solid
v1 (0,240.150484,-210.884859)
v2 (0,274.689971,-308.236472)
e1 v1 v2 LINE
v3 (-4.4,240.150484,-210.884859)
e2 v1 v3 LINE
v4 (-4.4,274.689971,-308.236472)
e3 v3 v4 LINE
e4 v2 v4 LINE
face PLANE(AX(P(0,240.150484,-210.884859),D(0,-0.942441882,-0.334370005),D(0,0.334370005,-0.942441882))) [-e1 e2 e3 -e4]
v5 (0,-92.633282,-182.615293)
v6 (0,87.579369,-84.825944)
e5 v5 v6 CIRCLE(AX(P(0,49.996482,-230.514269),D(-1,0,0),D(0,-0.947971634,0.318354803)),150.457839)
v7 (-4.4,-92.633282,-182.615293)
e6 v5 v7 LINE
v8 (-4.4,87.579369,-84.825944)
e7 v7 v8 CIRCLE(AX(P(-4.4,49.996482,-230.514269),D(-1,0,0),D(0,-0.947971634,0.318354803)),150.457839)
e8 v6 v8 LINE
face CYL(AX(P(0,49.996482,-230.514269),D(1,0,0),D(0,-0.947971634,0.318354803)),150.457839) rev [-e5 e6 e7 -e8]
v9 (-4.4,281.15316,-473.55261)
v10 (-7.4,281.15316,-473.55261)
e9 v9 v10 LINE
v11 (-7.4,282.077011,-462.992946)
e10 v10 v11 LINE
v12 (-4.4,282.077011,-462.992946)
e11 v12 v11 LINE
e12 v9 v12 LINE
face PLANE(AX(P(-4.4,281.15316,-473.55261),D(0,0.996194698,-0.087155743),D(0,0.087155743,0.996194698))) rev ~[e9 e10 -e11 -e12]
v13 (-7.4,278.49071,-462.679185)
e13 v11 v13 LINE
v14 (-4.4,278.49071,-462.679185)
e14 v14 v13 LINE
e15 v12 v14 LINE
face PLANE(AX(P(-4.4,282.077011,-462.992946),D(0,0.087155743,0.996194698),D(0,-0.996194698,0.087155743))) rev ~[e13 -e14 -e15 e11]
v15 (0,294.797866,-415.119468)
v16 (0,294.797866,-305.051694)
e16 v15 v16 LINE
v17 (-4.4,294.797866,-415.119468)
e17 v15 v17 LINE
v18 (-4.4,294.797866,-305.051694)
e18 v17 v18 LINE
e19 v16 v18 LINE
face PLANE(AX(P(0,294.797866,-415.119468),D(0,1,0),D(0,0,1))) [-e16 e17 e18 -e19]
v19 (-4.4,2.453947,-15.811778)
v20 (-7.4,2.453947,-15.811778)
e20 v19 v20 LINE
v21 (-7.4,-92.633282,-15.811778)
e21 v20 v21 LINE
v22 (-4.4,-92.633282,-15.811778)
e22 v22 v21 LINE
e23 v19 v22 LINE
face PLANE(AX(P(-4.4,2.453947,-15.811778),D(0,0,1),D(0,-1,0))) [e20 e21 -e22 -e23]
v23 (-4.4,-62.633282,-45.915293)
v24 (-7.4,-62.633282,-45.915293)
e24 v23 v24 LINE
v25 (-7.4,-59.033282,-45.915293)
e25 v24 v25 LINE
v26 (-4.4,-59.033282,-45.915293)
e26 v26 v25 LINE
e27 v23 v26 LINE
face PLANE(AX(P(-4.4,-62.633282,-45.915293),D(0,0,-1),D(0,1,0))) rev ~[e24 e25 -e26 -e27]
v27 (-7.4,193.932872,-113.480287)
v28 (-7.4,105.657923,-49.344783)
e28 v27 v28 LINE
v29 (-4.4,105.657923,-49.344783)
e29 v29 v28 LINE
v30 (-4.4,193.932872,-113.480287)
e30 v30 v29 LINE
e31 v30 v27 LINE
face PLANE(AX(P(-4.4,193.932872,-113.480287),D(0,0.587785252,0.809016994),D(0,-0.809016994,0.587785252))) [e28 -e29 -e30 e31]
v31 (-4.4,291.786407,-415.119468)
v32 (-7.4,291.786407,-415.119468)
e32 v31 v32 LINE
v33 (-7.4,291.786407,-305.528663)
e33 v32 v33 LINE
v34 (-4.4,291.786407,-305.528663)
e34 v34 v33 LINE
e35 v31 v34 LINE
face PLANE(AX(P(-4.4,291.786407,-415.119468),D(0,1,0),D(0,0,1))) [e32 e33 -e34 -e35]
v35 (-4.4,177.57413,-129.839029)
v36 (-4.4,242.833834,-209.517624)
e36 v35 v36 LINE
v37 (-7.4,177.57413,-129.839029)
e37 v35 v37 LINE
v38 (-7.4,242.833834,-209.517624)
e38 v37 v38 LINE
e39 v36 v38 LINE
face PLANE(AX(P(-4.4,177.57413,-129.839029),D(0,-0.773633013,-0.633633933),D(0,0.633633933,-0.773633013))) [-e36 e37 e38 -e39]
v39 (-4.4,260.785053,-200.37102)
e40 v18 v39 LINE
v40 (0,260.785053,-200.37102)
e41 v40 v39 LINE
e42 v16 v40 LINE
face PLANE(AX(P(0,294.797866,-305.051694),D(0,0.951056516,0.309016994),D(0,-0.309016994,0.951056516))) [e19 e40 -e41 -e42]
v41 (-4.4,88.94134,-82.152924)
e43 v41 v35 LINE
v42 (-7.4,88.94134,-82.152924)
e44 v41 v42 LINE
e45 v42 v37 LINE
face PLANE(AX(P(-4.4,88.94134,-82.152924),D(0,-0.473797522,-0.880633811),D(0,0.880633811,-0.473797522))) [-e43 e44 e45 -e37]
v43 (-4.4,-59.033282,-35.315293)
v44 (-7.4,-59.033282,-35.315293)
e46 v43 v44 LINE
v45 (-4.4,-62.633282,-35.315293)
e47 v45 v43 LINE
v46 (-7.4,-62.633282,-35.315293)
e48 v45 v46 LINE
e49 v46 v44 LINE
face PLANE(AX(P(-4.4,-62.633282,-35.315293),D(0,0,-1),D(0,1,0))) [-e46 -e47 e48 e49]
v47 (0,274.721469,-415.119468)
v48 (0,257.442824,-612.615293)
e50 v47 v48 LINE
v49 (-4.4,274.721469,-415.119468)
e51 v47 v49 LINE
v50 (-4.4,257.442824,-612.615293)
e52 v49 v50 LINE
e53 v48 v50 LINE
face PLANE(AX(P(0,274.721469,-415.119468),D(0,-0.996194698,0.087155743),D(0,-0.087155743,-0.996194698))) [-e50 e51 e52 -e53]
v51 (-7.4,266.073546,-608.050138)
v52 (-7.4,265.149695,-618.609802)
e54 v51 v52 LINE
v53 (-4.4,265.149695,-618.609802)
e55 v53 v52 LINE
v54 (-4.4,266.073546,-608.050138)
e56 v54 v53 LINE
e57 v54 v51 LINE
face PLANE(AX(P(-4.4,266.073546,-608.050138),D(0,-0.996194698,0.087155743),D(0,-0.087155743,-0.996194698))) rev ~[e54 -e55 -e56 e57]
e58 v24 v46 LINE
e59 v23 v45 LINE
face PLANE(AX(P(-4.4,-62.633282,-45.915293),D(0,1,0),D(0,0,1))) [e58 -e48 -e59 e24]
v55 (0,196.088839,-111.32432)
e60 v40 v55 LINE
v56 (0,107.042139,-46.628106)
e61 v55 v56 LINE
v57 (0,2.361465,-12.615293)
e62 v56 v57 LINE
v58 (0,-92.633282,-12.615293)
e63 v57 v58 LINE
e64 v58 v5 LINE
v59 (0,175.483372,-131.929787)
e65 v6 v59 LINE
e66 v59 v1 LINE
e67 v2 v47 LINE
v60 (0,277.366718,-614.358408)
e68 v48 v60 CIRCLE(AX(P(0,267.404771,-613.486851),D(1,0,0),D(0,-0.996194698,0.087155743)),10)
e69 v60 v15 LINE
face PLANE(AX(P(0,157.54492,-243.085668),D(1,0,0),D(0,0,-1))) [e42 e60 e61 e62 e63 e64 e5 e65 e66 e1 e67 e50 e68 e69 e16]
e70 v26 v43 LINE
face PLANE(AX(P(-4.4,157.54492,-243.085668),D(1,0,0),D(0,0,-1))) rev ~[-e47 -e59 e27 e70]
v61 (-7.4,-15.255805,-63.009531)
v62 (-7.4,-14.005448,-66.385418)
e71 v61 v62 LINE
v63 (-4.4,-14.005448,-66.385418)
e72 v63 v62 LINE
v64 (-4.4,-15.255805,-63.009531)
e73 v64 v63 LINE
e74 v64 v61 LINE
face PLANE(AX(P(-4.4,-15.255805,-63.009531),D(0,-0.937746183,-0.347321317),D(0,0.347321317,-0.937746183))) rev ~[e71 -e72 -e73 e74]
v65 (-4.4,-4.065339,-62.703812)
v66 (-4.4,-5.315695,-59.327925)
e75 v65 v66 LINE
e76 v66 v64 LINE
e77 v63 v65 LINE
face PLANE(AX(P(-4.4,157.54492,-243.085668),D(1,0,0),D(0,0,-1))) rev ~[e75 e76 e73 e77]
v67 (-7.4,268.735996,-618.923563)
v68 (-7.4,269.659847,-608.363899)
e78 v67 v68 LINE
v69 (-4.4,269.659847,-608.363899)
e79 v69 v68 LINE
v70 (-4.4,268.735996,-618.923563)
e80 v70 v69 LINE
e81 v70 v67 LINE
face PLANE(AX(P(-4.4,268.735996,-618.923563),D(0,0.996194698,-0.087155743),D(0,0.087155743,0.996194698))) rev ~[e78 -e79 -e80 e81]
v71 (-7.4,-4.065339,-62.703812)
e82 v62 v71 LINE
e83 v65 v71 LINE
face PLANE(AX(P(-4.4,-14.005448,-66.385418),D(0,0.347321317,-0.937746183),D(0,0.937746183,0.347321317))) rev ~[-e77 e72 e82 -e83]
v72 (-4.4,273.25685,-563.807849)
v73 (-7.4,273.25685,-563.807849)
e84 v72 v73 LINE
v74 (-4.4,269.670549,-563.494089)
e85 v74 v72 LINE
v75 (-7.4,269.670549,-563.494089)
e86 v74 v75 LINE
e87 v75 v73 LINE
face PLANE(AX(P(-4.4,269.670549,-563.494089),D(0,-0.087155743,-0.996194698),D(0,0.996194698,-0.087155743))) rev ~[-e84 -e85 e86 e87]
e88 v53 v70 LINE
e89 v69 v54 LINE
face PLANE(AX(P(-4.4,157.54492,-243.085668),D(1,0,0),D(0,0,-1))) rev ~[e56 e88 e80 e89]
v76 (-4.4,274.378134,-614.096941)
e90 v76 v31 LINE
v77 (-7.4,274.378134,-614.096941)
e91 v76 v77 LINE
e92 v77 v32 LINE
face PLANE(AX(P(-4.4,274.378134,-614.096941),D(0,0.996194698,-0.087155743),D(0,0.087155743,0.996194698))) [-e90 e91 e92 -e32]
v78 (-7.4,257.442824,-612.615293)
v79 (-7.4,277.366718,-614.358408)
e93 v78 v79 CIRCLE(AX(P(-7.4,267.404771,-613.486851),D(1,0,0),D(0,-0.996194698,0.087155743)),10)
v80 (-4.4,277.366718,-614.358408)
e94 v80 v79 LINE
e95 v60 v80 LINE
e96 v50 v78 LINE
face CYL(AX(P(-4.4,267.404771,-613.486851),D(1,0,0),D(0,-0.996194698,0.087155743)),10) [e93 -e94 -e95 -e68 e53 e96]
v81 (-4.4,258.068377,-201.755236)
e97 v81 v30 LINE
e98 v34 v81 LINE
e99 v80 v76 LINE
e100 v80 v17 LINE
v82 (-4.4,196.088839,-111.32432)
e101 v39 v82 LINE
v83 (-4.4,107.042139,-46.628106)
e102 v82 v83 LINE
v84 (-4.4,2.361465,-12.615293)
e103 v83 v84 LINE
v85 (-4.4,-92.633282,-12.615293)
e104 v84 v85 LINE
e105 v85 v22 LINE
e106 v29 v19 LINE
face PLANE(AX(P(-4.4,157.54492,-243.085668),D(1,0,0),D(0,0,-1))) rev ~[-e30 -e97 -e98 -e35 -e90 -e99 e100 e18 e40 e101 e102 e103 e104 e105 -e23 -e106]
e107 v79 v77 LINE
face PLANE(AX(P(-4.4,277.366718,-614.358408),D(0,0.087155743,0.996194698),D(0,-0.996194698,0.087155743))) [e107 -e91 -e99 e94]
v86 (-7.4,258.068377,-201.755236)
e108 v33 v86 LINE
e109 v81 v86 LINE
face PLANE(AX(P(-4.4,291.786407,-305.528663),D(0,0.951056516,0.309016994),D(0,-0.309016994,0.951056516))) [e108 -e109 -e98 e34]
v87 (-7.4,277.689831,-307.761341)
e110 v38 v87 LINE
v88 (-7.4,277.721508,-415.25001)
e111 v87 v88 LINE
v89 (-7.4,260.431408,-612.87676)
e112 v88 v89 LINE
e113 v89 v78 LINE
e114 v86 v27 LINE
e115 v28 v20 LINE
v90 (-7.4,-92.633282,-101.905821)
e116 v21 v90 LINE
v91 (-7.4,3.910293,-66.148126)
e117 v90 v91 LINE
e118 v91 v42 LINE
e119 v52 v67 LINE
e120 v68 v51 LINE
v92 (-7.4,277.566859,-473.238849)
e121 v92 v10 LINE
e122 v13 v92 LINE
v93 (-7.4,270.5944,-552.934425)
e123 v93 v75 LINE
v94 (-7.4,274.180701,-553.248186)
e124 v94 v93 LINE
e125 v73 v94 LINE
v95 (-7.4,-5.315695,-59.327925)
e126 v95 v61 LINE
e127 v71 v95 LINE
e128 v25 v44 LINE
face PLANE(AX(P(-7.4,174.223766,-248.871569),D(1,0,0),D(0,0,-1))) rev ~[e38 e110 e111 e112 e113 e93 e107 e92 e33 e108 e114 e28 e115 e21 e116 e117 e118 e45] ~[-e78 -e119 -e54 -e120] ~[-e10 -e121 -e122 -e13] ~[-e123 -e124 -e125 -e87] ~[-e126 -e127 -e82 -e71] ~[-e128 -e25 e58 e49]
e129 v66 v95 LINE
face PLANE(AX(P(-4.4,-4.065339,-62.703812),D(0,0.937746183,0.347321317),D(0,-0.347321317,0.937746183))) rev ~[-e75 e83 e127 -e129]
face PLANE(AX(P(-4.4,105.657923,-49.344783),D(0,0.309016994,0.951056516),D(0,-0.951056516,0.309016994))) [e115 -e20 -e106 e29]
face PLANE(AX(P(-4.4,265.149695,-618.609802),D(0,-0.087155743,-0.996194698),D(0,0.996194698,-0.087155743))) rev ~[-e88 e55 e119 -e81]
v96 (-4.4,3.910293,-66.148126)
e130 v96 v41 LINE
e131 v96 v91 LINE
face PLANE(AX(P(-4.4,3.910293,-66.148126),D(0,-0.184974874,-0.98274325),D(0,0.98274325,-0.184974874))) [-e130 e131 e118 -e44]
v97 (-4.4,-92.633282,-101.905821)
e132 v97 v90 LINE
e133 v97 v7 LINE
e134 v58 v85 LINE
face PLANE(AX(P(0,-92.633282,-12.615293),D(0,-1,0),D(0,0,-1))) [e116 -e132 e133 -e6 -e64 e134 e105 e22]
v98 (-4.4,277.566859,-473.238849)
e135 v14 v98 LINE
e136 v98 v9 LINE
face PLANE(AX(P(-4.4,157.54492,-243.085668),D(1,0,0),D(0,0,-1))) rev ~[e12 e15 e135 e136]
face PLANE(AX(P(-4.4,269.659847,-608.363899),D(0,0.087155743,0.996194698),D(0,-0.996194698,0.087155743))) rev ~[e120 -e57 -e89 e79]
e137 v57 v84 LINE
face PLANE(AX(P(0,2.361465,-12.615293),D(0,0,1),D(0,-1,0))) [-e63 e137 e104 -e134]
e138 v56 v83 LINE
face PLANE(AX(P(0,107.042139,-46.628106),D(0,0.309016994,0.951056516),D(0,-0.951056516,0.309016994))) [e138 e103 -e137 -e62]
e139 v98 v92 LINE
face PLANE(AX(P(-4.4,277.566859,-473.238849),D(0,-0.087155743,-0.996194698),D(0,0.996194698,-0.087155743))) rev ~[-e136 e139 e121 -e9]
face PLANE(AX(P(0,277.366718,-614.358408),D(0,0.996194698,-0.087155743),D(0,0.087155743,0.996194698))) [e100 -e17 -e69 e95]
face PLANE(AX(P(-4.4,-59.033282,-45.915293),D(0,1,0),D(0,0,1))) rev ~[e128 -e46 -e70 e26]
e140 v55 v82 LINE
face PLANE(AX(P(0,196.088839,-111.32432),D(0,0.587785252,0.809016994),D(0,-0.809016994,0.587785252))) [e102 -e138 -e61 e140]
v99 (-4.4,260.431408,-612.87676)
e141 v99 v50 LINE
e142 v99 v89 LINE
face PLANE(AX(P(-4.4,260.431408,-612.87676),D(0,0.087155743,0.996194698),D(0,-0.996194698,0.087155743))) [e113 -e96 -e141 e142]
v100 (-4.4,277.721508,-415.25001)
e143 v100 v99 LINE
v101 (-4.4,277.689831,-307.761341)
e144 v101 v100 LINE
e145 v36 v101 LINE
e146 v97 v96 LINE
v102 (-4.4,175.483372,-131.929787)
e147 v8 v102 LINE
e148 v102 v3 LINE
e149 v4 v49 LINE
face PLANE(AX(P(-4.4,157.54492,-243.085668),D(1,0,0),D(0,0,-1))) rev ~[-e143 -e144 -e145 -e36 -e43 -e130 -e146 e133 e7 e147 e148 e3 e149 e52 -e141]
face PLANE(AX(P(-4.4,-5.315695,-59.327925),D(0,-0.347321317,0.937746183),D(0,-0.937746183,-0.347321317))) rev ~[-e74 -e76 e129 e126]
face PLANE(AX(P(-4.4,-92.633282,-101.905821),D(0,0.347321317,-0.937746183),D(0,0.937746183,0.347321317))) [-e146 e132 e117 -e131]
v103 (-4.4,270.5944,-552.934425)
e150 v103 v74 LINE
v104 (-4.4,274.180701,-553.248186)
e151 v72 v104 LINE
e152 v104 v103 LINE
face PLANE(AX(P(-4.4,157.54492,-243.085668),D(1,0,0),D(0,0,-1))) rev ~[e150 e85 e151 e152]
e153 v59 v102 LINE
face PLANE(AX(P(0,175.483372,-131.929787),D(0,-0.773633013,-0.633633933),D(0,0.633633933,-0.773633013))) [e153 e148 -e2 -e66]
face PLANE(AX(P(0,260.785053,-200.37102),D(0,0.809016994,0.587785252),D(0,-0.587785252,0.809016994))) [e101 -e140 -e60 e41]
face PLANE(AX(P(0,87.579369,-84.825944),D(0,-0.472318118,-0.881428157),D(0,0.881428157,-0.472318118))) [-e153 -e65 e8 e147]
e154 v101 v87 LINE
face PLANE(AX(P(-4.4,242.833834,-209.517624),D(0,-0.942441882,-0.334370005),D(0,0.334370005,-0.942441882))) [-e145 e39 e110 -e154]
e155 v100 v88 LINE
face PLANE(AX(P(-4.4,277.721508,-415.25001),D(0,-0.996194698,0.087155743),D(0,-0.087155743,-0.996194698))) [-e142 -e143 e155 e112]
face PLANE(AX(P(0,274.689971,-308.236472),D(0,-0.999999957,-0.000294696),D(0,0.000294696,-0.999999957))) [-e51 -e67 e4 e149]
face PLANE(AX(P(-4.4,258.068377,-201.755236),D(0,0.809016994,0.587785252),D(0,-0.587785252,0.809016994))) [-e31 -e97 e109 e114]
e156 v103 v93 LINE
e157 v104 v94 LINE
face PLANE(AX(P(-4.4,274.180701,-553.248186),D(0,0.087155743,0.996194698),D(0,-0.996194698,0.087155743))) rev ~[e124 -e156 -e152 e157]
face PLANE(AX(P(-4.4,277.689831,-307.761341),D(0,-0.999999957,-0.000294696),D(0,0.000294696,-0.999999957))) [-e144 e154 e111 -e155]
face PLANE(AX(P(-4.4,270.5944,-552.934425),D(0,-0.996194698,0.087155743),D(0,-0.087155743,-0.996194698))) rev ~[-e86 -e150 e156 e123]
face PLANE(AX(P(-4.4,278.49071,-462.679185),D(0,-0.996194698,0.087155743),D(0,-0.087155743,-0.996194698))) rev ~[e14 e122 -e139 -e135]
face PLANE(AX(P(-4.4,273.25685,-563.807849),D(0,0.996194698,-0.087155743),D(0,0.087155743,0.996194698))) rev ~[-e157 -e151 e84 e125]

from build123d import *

# Parameters (mm, degrees)
BOSS_EXTRUDE1_DEPTH = 4.4
SKETCH2_W           = 10.6
SKETCH2_H           = 3.6
BOSS_EXTRUDE2_DEPTH = 3


with BuildPart() as part:
    # Sketch1 → Boss-Extrude1 (new body)
    with BuildSketch(Plane(origin=(0, 0, 0), x_dir=(0, 0, -1), z_dir=(1, 0, 0))):
        with BuildLine():
            Line((12.615293263, -92.633282396), (182.615293263, -92.633282396))
            ThreePointArc((182.615293263, -92.633282396), (98.271459614, -21.762843967), (84.825943994, 87.579368501))
            Line((84.825943994, 87.579368501), (131.929787104, 175.483372313))
            Line((131.929787104, 175.483372313), (210.884858569, 240.150484061))
            Line((210.884858569, 240.150484061), (308.236471933, 274.689971372))
            Line((308.236471933, 274.689971372), (415.1194685, 274.721469403))
            Line((415.1194685, 274.721469403), (612.615293263, 257.442823643))
            ThreePointArc((612.615293263, 257.442823643), (623.448797672, 266.533213196), (614.358408118, 277.366717604))
            Line((614.358408118, 277.366717604), (415.1194685, 294.797866154))
            Line((415.1194685, 294.797866154), (305.051694272, 294.797866154))
            Line((305.051694272, 294.797866154), (200.371020359, 260.785053385))
            Line((200.371020359, 260.785053385), (111.324320476, 196.088838941))
            Line((111.324320476, 196.088838941), (46.628106033, 107.042139058))
            Line((46.628106033, 107.042139058), (12.615293263, 2.361465145))
            Line((12.615293263, 2.361465145), (12.615293263, -92.633282396))
        make_face()
    extrude(amount=-BOSS_EXTRUDE1_DEPTH)

    # Sketch2 → Boss-Extrude2 (add)
    with BuildSketch(Plane.ZY.offset(4.4)):
        with BuildLine():
            Line((-614.358408118, 277.366717604), (-614.09694089, 274.37813351))
            Line((-614.09694089, 274.37813351), (-415.1194685, 291.786406641))
            Line((-415.1194685, 291.786406641), (-305.528662602, 291.786406641))
            Line((-305.528662602, 291.786406641), (-201.755236364, 258.068376511))
            Line((-201.755236364, 258.068376511), (-113.48028745, 193.932871967))
            Line((-113.48028745, 193.932871967), (-49.344782906, 105.657923053))
            Line((-49.344782906, 105.657923053), (-15.811778295, 2.453946809))
            Line((-15.811778295, 2.453946809), (-15.811778295, -92.633282396))
            Line((-15.811778295, -92.633282396), (-101.905821199, -92.633282396))
            Line((-101.905821199, -92.633282396), (-66.148126422, 3.910293146))
            Line((-66.148126422, 3.910293146), (-82.152924422, 88.94134))
            Line((-82.152924422, 88.94134), (-129.839029338, 177.574130079))
            Line((-129.839029338, 177.574130079), (-209.517623645, 242.833833686))
            Line((-209.517623645, 242.833833686), (-307.761340769, 277.689831483))
            Line((-307.761340769, 277.689831483), (-415.250010124, 277.721508004))
            Line((-415.250010124, 277.721508004), (-612.876760491, 260.431407737))
            Line((-612.876760491, 260.431407737), (-612.615293263, 257.442823643))
            ThreePointArc((-612.615293263, 257.442823643), (-623.448797672, 266.533213196), (-614.358408118, 277.366717604))
        make_face()
        with Locations((-40.615293263, -60.833282396)):
            Rectangle(SKETCH2_W, SKETCH2_H, mode=Mode.SUBTRACT)
        Polygon((-563.8078494, 273.256849808), (-553.2481856, 274.180700681), (-552.934424927, 270.594399768), (-563.494088726, 269.670548895), align=None, mode=Mode.SUBTRACT)
        Polygon((-473.552609753, 281.153160101), (-462.992945953, 282.077010974), (-462.679185279, 278.490710061), (-473.238849079, 277.566859188), align=None, mode=Mode.SUBTRACT)
        Polygon((-618.923562928, 268.735995644), (-608.363899128, 269.659846517), (-608.050138454, 266.073545604), (-618.609802254, 265.14969473), align=None, mode=Mode.SUBTRACT)
        Polygon((-62.703811589, -4.065338583), (-59.327925332, -5.315695323), (-63.009531289, -15.255804859), (-66.385417546, -14.005448119), align=None, mode=Mode.SUBTRACT)
    extrude(amount=BOSS_EXTRUDE2_DEPTH)


solid = part.part
